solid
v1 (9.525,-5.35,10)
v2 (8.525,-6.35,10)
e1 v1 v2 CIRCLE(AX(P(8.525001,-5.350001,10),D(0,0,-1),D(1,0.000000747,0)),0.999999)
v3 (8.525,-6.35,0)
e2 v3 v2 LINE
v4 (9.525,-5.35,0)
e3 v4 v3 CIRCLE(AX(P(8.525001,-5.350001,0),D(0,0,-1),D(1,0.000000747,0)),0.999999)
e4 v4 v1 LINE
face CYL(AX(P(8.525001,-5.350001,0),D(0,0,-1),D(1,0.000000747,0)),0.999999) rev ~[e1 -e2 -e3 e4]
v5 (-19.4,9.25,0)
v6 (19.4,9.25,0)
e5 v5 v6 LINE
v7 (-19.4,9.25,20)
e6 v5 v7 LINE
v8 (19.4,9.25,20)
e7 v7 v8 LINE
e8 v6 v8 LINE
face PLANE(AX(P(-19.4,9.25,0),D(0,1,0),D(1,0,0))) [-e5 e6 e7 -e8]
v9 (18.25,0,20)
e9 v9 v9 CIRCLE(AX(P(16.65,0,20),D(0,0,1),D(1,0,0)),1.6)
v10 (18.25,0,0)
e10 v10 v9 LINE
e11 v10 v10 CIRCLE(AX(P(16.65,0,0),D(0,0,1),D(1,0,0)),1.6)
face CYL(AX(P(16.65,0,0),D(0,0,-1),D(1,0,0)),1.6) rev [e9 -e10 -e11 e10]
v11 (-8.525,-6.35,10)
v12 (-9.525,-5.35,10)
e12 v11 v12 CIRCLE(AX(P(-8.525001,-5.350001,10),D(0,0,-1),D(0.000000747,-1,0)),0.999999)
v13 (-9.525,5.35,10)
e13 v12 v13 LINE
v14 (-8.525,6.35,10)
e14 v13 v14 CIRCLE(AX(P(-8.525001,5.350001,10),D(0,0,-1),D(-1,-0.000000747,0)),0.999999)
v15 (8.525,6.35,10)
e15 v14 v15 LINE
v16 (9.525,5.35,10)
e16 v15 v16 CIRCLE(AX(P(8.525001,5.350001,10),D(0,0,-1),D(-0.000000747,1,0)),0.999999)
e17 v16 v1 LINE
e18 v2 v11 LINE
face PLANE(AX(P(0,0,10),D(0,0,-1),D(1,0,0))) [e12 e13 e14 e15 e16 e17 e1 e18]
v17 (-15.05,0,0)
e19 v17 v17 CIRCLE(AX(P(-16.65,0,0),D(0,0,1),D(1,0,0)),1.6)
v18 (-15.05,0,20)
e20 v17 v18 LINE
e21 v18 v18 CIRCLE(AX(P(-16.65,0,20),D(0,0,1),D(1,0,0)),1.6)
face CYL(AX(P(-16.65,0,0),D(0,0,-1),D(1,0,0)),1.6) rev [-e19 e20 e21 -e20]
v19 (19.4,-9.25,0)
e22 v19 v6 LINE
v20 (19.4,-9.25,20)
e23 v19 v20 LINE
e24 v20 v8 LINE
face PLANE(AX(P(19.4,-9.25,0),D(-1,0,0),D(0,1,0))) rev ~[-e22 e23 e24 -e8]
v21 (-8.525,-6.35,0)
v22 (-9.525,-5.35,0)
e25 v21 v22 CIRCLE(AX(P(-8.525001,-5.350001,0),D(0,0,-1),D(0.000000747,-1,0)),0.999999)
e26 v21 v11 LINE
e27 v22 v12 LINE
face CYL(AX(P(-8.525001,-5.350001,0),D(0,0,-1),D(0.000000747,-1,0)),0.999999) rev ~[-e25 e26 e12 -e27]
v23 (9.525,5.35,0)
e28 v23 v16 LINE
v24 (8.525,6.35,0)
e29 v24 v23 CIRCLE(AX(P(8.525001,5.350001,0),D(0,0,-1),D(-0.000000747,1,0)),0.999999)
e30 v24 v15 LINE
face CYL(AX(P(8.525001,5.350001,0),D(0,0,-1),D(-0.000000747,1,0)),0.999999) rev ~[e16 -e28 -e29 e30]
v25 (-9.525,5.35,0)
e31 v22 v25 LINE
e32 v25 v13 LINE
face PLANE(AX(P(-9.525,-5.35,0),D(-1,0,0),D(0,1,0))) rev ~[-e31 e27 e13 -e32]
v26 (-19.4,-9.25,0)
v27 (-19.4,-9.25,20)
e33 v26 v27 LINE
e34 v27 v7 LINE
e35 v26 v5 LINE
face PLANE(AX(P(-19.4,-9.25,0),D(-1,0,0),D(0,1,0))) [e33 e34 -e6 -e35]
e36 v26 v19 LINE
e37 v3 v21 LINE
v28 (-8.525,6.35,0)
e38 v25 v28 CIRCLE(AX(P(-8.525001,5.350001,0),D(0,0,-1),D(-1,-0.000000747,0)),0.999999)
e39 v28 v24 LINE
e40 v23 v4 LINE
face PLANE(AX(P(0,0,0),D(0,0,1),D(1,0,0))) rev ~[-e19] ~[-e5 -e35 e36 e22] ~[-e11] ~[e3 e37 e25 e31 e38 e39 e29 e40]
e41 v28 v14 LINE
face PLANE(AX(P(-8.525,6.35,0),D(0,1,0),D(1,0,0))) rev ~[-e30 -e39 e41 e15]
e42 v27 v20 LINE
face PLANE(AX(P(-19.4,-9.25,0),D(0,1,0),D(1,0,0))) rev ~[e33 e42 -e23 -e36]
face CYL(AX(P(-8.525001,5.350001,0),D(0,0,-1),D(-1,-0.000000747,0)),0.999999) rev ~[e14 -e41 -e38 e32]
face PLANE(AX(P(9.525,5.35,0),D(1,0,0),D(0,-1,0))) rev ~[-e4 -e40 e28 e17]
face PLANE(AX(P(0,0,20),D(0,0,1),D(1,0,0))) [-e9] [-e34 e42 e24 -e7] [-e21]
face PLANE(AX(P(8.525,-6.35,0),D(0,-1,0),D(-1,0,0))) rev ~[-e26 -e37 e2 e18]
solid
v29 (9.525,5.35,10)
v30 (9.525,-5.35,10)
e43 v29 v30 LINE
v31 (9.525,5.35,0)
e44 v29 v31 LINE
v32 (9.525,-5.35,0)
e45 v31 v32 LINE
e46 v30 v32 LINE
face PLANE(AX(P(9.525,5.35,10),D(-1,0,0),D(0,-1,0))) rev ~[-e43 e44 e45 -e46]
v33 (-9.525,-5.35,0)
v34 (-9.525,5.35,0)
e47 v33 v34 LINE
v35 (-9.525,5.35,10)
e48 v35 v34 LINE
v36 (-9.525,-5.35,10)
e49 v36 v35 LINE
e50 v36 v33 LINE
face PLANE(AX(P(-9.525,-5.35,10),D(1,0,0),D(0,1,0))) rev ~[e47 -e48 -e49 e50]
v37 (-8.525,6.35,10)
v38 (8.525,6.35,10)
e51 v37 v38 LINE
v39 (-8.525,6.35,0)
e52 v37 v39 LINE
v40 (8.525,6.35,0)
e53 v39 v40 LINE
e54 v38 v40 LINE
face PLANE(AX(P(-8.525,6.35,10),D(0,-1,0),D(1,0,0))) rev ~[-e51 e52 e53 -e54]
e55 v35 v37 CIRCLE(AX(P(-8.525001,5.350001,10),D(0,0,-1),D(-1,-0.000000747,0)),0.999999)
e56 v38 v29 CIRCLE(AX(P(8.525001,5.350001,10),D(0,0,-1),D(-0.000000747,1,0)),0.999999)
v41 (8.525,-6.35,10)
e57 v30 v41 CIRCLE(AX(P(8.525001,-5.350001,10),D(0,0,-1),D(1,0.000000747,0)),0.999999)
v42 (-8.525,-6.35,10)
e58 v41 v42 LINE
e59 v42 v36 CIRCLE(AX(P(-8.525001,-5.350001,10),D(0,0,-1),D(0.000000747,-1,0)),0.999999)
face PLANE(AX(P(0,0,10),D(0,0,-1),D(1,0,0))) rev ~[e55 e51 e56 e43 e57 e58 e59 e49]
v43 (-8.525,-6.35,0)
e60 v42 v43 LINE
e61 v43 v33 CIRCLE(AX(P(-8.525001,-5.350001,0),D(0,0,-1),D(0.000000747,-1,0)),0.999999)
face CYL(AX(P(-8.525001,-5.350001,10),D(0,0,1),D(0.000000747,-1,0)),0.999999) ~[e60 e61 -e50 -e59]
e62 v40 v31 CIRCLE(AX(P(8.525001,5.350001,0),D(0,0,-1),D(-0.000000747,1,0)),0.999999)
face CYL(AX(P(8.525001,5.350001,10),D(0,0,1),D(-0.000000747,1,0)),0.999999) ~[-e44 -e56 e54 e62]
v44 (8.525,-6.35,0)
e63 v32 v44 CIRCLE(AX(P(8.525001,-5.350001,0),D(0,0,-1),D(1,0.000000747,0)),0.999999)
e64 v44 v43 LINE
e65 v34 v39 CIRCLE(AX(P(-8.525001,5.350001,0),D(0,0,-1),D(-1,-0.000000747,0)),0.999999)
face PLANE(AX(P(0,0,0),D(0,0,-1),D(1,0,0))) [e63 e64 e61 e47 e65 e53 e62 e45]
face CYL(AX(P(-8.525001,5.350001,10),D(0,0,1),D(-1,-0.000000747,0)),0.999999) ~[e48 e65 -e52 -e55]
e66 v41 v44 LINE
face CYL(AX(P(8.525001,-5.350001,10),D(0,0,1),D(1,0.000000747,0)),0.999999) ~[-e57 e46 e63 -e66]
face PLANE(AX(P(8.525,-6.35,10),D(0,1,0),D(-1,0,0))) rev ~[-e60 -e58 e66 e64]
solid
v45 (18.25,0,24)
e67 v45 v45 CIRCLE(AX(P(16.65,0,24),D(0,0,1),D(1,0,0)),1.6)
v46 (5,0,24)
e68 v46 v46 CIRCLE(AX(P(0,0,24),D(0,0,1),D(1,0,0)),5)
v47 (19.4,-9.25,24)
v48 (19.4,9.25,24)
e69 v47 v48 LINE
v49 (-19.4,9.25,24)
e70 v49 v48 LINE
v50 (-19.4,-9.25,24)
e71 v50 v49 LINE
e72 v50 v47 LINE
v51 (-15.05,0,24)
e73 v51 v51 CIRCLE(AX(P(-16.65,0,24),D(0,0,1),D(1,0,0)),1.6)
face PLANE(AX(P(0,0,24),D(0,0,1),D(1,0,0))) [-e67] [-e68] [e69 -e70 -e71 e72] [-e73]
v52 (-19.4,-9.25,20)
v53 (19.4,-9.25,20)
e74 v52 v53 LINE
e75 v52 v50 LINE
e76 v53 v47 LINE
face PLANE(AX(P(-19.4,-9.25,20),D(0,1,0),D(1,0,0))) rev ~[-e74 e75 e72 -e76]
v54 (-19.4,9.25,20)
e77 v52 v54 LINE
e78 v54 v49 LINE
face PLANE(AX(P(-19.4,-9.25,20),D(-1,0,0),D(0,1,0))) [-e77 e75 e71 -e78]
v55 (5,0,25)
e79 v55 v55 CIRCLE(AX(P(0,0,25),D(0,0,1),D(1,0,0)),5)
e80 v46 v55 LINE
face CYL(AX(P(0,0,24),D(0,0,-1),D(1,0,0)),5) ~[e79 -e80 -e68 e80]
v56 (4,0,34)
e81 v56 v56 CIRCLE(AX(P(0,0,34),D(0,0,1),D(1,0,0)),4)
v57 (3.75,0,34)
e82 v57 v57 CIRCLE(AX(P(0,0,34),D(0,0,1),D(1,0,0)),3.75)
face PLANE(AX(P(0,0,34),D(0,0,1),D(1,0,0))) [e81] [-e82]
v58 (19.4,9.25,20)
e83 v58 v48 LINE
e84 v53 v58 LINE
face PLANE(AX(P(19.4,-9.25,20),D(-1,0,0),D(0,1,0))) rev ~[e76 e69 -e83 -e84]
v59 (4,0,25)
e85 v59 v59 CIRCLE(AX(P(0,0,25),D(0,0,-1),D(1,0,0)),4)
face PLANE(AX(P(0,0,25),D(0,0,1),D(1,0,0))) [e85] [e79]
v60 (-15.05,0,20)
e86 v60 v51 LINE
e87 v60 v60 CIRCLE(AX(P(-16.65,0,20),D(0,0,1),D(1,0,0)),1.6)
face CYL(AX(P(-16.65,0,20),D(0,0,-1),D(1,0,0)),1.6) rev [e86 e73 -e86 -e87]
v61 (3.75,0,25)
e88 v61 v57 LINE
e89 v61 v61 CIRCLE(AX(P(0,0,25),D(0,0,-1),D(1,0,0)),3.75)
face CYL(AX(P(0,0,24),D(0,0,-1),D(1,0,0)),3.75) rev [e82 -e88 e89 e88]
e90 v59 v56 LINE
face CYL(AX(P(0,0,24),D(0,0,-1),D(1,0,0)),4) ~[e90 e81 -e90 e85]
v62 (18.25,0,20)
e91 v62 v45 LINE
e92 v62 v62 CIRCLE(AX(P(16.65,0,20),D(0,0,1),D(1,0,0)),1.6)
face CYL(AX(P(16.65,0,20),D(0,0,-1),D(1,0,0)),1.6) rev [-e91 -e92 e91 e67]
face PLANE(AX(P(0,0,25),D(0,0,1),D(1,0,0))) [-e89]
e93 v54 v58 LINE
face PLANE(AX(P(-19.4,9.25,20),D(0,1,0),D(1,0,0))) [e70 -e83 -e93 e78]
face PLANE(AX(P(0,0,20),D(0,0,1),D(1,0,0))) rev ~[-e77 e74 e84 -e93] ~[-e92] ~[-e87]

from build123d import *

# Parameters (mm, degrees)
F0_W      = 38.8
F0_H      = 18.5
F0_R      = 1.6
F1_DEPTH  = 20
F1_FACE_W = 38.8
F1_FACE_H = 18.5
F1_FACE_R = 1.6
F2_DEPTH  = 4
F4_DEPTH  = 10
F5_DEPTH  = 10
F6_R      = 4
F6_R_2    = 3.75
F7_DEPTH  = 10
F8_R      = 5
F9_DEPTH  = 1


with BuildPart() as f1:
    # F0 (on Top) → F1 (new body)
    with BuildSketch(Plane.XY):
        Rectangle(F0_W, F0_H)
        with Locations((-16.65, 0)):
            Circle(F0_R, mode=Mode.SUBTRACT)
        with Locations((16.65, 0)):
            Circle(F0_R, mode=Mode.SUBTRACT)
    extrude(amount=F1_DEPTH)

    # F3 (on face) → F4 (cut)
    with BuildSketch(Plane(origin=(0, 0, 0), x_dir=(1, 0, 0), z_dir=(0, 0, -1))):
        with BuildLine():
            Line((-8.525, -6.35), (8.525, -6.35))
            ThreePointArc((8.525, -6.35), (9.232107, -6.057107), (9.525, -5.35))
            Line((9.525, -5.35), (9.525, 5.35))
            ThreePointArc((9.525, 5.35), (9.232107, 6.057107), (8.525, 6.35))
            Line((8.525, 6.35), (-8.525, 6.35))
            ThreePointArc((-8.525, 6.35), (-9.232107, 6.057107), (-9.525, 5.35))
            Line((-9.525, 5.35), (-9.525, -5.35))
            ThreePointArc((-9.525, -5.35), (-9.232107, -6.057107), (-8.525, -6.35))
        make_face()
    extrude(amount=-F4_DEPTH, mode=Mode.SUBTRACT)


with BuildPart() as f2:
    # F1_face (on face) → F2 (new body)
    with BuildSketch(Plane.XY.offset(20)):
        Rectangle(F1_FACE_W, F1_FACE_H)
        with Locations((-16.65, 0)):
            Circle(F1_FACE_R, mode=Mode.SUBTRACT)
        with Locations((16.65, 0)):
            Circle(F1_FACE_R, mode=Mode.SUBTRACT)
    extrude(amount=F2_DEPTH)

    # F6 (on face) → F7 (join)
    with BuildSketch(Plane.XY.offset(24)):
        Circle(F6_R)
        Circle(F6_R_2, mode=Mode.SUBTRACT)
    extrude(amount=F7_DEPTH)

    # F8 (on face) → F9 (join)
    with BuildSketch(Plane.XY.offset(24)):
        Circle(F8_R)
    extrude(amount=F9_DEPTH)


with BuildPart() as f5:
    # F4_face (on face) → F5 (new body)
    with BuildSketch(Plane(origin=(0, 0, 10), x_dir=(1, 0, 0), z_dir=(0, 0, -1))):
        with BuildLine():
            Line((-9.525, 5.35), (-9.525, -5.35))
            ThreePointArc((-9.525, -5.35), (-9.232107, -6.057107), (-8.525, -6.35))
            Line((-8.525, -6.35), (8.525, -6.35))
            ThreePointArc((8.525, -6.35), (9.232107, -6.057107), (9.525, -5.35))
            Line((9.525, -5.35), (9.525, 5.35))
            ThreePointArc((9.525, 5.35), (9.232107, 6.057107), (8.525, 6.35))
            Line((8.525, 6.35), (-8.525, 6.35))
            ThreePointArc((-8.525, 6.35), (-9.232107, 6.057107), (-9.525, 5.35))
        make_face()
    extrude(amount=F5_DEPTH)


solid = Compound([f1.part, f2.part, f5.part])
